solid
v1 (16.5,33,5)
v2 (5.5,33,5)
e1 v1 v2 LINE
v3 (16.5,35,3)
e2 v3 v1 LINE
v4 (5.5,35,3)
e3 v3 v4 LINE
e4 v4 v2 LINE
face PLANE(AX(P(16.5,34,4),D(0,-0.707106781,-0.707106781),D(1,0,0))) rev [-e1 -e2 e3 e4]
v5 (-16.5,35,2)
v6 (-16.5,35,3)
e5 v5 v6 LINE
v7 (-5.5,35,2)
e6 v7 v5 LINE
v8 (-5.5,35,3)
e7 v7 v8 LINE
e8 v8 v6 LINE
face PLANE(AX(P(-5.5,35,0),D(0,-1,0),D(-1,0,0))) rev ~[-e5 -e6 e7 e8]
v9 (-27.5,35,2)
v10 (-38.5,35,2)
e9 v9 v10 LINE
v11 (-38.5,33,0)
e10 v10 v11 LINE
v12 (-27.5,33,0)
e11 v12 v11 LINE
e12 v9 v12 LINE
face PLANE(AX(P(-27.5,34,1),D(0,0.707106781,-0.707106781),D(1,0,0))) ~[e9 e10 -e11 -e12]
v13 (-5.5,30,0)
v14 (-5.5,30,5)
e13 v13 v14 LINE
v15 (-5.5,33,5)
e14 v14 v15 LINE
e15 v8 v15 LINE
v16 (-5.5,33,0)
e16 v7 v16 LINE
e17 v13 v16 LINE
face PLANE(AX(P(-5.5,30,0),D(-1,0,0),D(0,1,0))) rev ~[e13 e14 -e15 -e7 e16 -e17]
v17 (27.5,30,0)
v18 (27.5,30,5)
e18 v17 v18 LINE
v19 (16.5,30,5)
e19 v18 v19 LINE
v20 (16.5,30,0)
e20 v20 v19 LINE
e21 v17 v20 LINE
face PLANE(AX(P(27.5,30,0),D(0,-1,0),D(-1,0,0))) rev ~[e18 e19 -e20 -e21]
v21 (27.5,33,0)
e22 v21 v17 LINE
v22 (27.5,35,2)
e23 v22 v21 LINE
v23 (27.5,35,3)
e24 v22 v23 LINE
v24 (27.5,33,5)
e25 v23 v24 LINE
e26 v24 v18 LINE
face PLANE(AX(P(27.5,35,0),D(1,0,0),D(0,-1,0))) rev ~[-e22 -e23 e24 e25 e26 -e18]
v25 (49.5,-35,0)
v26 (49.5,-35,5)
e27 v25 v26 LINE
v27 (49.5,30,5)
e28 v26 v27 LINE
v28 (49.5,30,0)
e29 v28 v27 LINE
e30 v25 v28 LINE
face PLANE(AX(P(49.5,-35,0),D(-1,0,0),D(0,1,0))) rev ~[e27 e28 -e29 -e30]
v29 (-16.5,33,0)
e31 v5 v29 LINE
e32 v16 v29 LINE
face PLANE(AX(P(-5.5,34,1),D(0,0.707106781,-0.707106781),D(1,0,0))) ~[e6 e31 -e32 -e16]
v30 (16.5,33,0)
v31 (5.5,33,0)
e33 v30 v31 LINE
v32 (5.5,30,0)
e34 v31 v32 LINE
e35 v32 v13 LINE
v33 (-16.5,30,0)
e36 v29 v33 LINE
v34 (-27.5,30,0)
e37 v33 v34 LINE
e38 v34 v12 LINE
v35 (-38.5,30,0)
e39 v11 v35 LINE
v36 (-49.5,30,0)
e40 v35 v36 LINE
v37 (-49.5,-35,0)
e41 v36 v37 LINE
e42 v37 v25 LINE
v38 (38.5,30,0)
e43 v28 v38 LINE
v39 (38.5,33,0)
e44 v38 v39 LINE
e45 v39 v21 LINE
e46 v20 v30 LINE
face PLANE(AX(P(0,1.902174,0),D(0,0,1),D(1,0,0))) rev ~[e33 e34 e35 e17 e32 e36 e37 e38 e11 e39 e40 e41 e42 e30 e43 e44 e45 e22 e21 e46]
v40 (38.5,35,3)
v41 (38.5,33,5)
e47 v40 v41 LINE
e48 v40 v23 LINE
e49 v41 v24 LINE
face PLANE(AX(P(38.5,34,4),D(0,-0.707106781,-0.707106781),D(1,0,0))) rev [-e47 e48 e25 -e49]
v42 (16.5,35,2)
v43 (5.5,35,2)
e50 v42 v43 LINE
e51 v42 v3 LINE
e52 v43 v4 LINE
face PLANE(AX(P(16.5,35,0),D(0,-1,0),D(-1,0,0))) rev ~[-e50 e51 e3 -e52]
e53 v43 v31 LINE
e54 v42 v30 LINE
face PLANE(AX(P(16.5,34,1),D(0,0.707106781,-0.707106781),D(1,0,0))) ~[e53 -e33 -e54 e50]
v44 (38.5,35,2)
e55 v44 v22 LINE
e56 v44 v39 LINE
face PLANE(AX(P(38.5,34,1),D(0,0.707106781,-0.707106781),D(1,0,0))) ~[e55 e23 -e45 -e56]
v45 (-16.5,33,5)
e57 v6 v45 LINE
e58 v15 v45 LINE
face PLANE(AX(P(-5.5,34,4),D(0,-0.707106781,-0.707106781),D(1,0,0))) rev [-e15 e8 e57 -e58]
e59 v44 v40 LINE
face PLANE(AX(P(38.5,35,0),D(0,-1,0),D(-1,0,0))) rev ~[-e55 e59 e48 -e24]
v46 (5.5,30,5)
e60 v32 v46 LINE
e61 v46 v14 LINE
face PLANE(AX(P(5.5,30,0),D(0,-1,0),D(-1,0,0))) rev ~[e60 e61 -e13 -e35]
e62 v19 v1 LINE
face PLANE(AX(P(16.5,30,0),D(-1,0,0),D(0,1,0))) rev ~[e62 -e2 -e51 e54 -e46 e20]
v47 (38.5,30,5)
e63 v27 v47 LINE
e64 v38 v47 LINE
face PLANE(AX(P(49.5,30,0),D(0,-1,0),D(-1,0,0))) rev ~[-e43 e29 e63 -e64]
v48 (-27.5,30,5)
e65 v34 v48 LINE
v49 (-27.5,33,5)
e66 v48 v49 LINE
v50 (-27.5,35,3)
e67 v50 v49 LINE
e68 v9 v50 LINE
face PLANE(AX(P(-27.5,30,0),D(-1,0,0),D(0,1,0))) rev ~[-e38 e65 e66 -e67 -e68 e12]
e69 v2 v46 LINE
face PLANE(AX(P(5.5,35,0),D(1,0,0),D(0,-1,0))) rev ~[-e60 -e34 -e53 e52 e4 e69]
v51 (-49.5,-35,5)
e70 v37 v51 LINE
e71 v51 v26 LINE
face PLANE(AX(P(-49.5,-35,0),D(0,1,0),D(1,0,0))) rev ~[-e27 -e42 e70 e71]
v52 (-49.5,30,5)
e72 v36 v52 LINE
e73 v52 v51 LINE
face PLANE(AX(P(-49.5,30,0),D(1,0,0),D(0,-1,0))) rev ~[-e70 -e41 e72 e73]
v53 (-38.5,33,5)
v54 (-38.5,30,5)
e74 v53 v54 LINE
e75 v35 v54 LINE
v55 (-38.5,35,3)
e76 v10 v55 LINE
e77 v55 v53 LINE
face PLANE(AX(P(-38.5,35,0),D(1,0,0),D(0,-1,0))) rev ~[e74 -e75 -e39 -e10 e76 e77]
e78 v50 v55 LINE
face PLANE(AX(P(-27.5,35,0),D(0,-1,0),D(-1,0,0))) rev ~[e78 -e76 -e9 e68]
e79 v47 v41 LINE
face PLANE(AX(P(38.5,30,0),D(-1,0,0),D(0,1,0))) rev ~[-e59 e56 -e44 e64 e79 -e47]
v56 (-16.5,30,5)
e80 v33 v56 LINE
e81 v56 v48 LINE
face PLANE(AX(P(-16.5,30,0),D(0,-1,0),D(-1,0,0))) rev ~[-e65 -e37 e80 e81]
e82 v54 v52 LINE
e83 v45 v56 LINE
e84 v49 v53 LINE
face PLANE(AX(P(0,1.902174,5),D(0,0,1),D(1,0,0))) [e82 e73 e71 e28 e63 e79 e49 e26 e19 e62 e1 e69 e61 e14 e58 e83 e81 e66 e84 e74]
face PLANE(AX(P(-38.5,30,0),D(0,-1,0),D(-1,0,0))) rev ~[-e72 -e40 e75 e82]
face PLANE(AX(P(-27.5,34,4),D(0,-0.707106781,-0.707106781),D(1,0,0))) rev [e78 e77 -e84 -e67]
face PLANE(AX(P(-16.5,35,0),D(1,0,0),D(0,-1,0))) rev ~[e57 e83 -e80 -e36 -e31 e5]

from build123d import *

# Parameters (mm, degrees)
F1_DEPTH = 5
F2_SIZE  = 2


with BuildPart() as f1:
    # F0 (on Top) → F1 (new body)
    with BuildSketch(Plane.XY):
        Polygon((38.5, 30), (38.5, 35), (27.5, 35), (27.5, 30), (16.5, 30), (16.5, 35), (5.5, 35), (5.5, 30), (-5.5, 30), (-5.5, 35), (-16.5, 35), (-16.5, 30), (-27.5, 30), (-27.5, 35), (-38.5, 35), (-38.5, 30), (-49.5, 30), (-49.5, -35), (49.5, -35), (49.5, 30), align=None)
    extrude(amount=F1_DEPTH)

    # F2
    f2_edges = [f1.edges().sort_by_distance(p)[0] for p in [
        (33, 35, 5),
        (11, 35, 5),
        (-11, 35, 5),
        (-33, 35, 5),
        (-33, 35, 0),
        (-11, 35, 0),
        (11, 35, 0),
        (33, 35, 0),
    ]]
    chamfer(f2_edges, length=F2_SIZE)


solid = f1.part
